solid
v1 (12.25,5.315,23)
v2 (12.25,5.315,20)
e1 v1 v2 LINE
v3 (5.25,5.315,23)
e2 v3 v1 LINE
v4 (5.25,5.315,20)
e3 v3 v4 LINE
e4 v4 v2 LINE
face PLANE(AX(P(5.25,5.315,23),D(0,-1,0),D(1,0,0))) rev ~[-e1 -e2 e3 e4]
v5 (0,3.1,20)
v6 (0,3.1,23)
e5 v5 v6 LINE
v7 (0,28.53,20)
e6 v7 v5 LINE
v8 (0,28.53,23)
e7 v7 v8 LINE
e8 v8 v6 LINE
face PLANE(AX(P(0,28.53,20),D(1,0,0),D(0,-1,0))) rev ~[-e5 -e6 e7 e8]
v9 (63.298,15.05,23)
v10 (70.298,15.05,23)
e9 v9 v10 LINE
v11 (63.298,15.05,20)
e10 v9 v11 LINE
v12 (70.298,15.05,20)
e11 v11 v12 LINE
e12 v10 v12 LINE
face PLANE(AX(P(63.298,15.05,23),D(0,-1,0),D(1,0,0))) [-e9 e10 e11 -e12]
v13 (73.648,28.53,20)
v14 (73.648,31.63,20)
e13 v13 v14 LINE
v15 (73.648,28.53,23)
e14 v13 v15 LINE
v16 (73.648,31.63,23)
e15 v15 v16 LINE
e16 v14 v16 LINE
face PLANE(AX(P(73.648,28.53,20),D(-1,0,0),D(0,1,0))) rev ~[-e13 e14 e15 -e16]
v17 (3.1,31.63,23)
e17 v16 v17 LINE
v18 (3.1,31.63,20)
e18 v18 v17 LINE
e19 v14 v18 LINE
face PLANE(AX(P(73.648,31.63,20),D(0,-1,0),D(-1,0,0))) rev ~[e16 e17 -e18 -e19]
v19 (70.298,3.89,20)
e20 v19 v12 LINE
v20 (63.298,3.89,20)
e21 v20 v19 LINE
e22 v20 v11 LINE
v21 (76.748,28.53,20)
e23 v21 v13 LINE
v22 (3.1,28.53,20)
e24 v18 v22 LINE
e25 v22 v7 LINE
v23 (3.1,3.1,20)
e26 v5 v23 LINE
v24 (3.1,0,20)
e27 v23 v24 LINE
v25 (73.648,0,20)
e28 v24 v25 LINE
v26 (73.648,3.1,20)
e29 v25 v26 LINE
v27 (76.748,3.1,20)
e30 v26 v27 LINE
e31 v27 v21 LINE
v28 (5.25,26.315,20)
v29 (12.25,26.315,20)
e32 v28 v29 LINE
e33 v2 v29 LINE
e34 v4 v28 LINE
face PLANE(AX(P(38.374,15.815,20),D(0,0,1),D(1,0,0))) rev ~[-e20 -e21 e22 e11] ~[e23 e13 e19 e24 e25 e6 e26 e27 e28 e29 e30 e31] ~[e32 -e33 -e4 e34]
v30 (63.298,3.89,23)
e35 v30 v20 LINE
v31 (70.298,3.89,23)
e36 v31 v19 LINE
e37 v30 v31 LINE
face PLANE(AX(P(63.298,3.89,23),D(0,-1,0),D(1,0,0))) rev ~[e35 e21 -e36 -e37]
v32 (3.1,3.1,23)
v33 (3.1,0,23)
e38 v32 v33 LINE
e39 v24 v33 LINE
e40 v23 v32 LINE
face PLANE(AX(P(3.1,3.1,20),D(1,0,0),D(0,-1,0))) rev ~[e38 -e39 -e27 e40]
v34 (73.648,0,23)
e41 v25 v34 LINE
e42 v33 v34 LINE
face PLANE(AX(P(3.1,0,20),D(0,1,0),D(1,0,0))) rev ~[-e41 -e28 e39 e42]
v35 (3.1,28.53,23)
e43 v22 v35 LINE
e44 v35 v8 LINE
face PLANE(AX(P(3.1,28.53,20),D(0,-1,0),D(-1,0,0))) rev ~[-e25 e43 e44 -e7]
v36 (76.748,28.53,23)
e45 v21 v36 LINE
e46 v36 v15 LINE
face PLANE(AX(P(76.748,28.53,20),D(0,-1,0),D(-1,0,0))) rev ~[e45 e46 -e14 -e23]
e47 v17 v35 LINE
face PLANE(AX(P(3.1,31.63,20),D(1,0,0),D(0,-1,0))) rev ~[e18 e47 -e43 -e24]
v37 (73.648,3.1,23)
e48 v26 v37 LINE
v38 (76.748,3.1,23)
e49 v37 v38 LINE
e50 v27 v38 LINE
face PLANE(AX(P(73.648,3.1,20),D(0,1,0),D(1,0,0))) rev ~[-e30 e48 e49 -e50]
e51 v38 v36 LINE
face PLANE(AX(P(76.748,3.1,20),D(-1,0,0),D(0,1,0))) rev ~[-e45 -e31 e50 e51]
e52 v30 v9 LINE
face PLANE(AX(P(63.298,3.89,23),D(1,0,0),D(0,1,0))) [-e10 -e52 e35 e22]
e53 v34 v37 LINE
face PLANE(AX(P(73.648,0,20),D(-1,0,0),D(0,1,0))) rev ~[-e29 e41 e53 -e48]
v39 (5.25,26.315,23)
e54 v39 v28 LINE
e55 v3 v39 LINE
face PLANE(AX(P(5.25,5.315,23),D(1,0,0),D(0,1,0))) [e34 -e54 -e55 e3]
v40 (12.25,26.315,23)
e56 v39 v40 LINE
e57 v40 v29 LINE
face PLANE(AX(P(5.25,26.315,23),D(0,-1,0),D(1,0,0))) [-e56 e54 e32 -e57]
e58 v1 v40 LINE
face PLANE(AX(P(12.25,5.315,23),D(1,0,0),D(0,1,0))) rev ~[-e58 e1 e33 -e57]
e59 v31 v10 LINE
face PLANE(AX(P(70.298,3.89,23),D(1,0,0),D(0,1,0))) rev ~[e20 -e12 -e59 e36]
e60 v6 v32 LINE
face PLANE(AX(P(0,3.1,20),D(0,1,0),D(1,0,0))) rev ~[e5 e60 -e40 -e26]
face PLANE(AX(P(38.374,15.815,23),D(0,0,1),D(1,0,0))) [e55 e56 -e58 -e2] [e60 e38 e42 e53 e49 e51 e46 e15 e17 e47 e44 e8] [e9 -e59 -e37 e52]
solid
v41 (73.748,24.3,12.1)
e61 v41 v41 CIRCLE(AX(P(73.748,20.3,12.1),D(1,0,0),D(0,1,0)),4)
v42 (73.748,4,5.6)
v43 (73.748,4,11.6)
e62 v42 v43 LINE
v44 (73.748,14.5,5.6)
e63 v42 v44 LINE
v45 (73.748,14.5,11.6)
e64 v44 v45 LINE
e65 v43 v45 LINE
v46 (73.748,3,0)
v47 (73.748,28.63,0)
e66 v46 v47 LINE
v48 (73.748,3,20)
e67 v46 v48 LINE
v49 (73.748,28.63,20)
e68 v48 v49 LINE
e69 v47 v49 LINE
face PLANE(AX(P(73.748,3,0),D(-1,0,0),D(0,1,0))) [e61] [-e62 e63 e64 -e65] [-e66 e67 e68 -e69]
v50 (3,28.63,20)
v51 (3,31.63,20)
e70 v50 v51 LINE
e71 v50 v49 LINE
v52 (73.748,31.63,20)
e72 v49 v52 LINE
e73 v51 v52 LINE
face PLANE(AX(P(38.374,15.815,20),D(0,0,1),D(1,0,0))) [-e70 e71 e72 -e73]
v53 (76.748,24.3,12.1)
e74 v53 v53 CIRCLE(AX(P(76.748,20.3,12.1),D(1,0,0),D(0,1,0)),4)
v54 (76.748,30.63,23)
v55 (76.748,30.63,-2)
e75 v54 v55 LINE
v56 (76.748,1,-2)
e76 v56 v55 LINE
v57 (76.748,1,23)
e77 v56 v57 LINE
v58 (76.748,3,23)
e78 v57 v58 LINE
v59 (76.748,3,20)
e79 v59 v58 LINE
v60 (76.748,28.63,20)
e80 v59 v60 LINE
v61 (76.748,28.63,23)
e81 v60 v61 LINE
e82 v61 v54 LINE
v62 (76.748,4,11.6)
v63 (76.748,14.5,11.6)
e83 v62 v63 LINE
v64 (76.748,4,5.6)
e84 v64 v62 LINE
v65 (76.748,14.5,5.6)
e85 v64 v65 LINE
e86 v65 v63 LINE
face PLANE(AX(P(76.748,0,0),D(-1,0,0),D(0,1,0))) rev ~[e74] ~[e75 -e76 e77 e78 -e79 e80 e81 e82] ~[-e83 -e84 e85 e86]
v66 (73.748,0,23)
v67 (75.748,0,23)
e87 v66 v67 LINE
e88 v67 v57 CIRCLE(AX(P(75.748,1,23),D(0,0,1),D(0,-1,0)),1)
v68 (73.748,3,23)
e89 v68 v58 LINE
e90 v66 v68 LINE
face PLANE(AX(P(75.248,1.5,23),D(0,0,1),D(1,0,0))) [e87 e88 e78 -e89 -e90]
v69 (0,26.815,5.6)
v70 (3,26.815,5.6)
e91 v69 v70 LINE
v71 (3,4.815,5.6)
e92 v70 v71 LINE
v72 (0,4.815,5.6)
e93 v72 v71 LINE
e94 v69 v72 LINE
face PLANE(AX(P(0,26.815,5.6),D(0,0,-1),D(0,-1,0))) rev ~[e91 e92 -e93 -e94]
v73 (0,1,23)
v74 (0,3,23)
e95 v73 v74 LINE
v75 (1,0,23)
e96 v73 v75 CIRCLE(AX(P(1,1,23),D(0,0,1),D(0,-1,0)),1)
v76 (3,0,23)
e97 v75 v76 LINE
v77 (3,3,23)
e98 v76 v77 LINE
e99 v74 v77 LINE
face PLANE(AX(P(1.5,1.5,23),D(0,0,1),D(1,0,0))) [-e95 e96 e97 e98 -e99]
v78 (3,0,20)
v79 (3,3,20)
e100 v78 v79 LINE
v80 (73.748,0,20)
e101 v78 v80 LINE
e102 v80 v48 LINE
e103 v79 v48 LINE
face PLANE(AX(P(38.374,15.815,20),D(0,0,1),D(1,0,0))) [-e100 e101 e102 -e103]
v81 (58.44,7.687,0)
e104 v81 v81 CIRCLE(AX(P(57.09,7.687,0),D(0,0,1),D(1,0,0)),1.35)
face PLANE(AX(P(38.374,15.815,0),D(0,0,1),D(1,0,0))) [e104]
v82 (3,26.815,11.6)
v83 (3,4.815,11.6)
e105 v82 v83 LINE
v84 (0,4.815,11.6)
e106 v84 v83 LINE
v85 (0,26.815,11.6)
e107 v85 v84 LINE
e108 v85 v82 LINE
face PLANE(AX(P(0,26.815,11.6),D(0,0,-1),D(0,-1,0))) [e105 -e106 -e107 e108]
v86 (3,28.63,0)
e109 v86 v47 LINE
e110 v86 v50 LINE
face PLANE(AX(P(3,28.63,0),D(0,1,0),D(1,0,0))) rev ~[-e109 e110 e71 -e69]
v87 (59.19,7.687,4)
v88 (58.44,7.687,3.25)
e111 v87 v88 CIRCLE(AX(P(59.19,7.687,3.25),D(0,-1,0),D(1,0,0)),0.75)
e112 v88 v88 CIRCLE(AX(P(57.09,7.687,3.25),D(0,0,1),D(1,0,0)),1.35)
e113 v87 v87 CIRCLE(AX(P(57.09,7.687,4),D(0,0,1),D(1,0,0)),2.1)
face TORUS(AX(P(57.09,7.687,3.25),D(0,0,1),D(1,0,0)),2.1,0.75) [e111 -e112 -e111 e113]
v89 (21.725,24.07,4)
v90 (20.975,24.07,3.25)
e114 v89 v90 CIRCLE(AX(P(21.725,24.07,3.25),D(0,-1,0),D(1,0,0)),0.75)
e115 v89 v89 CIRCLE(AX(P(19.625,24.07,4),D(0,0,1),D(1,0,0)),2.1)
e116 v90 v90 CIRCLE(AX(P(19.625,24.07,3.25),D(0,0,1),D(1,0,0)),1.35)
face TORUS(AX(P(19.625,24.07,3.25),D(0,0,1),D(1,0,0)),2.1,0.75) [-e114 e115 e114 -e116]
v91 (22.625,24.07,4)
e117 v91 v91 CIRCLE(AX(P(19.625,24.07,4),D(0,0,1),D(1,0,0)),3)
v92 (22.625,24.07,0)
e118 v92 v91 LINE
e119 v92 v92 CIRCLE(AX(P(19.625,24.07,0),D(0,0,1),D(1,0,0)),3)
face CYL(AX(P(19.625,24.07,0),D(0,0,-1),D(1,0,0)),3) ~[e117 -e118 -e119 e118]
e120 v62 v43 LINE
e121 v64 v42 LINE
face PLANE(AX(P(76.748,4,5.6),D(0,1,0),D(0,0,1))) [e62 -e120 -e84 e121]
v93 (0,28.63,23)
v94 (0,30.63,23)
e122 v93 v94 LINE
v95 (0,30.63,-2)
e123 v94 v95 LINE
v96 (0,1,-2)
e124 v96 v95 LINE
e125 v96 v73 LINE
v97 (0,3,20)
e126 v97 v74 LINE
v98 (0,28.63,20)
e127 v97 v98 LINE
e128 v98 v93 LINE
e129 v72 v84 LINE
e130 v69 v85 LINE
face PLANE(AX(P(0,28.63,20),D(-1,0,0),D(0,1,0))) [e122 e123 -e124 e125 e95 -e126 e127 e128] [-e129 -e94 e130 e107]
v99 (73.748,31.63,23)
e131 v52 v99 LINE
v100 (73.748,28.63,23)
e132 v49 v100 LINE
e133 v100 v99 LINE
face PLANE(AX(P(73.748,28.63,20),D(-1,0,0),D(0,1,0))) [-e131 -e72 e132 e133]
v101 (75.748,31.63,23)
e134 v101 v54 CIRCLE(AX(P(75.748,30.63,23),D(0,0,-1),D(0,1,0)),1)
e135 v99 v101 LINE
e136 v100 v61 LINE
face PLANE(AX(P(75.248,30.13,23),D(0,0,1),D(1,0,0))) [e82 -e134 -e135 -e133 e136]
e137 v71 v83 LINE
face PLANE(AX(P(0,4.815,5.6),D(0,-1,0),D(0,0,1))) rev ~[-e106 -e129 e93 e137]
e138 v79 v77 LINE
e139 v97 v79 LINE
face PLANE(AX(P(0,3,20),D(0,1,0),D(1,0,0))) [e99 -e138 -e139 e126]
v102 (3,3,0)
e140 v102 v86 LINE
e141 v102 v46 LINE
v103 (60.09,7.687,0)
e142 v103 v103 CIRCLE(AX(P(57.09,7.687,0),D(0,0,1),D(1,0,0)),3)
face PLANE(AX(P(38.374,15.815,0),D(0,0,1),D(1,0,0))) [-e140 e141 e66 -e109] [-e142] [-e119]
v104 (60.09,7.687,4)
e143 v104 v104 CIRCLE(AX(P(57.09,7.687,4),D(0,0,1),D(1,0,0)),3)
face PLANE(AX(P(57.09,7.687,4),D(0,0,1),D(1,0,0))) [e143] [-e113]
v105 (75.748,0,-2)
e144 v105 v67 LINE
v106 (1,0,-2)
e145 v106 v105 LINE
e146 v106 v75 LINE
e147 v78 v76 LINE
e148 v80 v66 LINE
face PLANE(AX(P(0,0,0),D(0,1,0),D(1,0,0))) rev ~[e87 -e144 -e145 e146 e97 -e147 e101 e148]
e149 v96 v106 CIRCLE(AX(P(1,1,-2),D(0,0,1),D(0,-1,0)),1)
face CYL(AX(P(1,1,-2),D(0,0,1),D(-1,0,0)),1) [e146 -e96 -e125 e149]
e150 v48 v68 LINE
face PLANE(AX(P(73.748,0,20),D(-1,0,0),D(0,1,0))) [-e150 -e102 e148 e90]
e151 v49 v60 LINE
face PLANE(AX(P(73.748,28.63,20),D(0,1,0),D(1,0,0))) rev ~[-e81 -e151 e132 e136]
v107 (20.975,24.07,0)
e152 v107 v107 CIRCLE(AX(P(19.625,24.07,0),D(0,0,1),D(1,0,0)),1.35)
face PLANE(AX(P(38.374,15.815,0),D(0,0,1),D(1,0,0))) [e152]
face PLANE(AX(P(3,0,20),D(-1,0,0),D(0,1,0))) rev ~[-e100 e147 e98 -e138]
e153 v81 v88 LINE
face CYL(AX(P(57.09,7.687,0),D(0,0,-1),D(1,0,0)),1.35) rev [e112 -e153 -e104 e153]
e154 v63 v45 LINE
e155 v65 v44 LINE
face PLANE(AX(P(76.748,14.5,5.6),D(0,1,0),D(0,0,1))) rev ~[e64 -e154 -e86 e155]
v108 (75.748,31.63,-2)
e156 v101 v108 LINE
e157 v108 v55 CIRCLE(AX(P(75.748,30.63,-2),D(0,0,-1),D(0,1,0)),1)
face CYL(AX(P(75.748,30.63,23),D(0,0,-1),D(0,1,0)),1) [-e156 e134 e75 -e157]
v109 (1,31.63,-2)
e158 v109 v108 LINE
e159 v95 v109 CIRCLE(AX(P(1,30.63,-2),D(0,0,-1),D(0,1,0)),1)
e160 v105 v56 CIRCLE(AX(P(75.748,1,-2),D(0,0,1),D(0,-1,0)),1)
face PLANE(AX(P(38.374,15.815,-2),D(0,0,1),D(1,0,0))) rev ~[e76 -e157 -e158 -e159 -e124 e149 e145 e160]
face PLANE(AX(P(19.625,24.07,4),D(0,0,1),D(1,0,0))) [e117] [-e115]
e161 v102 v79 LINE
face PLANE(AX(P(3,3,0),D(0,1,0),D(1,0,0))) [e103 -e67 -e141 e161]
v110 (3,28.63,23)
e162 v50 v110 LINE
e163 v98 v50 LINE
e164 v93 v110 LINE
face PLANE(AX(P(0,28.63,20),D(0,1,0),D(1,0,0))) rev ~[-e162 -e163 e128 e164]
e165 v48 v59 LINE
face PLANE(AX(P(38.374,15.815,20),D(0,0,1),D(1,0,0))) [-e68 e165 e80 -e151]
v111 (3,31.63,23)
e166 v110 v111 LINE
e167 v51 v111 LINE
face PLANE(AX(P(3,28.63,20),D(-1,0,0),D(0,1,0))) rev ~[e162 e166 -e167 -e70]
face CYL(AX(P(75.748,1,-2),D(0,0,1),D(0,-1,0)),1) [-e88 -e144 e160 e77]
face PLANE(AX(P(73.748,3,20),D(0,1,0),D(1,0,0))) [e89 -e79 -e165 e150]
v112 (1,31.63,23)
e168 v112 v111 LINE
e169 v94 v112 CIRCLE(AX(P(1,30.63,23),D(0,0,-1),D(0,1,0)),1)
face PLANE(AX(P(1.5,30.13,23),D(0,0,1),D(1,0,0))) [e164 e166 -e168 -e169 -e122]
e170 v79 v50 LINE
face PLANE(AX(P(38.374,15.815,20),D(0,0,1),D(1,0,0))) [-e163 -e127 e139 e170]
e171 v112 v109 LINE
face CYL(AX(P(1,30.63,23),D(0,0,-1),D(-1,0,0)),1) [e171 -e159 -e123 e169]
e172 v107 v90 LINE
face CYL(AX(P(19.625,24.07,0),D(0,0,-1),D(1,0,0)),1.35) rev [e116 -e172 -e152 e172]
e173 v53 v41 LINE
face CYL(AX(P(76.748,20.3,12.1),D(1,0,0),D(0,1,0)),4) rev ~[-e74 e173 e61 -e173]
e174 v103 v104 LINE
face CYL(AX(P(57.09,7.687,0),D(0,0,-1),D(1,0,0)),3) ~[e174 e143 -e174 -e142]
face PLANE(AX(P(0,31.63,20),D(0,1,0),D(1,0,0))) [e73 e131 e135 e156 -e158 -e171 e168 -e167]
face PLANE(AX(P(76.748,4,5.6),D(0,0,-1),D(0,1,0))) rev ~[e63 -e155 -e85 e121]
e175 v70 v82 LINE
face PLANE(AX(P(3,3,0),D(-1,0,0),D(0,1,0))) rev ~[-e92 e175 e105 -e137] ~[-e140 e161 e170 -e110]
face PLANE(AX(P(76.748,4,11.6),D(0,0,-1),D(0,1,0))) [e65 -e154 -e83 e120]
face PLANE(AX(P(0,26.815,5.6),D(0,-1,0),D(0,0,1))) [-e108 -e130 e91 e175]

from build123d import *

# Parameters (mm, degrees)
SKETCH_W        = 76.748
SKETCH_H        = 31.63
PAD_DEPTH       = 2
SKETCH001_R     = 3
SKETCH001_R_2   = 1.35
PAD001_DEPTH    = 4
SKETCH002_W     = 76.748
SKETCH002_H     = 31.63
SKETCH002_W_2   = 70.748
SKETCH002_H_2   = 25.63
PAD002_DEPTH    = 20
SKETCH003_W     = 3
SKETCH003_H     = 3
PAD003_DEPTH    = 3
SKETCH004_W     = 22
SKETCH004_H     = 6
POCKET_DEPTH    = 3
SKETCH005_R     = 4
SKETCH005_W     = 10.5
SKETCH005_H     = 6
POCKET001_DEPTH = 3
FILLET_R        = 1
FILLET001_R     = 0.75
PAD004_DEPTH    = 3
SKETCH007_W     = 7
SKETCH007_H     = 21
SKETCH007_H_2   = 11.16
POCKET002_DEPTH = 3.001


with BuildPart() as body:
    # Sketch → Pad (new body)
    with BuildSketch(Plane.XY):
        with Locations((38.374, 15.815)):
            Rectangle(SKETCH_W, SKETCH_H)
    extrude(amount=-PAD_DEPTH)

    # Sketch001 (on Face5 of Pad) → Pad001 (join)
    with BuildSketch(Plane.XY):
        with Locations((19.625, 24.07)):
            Circle(SKETCH001_R)
        with Locations((19.625, 24.07)):
            Circle(SKETCH001_R_2, mode=Mode.SUBTRACT)
        with Locations((57.09, 7.687)):
            Circle(SKETCH001_R)
        with Locations((57.09, 7.687)):
            Circle(SKETCH001_R_2, mode=Mode.SUBTRACT)
    extrude(amount=PAD001_DEPTH)

    # Sketch002 (on Face4 of Pad001) → Pad002 (join)
    with BuildSketch(Plane.XY):
        with Locations((38.374, 15.815)):
            Rectangle(SKETCH002_W, SKETCH002_H)
        with Locations((38.374, 15.815)):
            Rectangle(SKETCH002_W_2, SKETCH002_H_2, mode=Mode.SUBTRACT)
    extrude(amount=PAD002_DEPTH)

    # Sketch003 (on Face9 of Pad002) → Pad003 (join)
    with BuildSketch(Plane.XY.offset(20)):
        with Locations((1.5, 30.13)):
            Rectangle(SKETCH003_W, SKETCH003_H)
        with Locations((75.248, 30.13)):
            Rectangle(SKETCH003_W, SKETCH003_H)
        with Locations((75.248, 1.5)):
            Rectangle(SKETCH003_W, SKETCH003_H)
        with Locations((1.5, 1.5)):
            Rectangle(SKETCH003_W, SKETCH003_H)
    extrude(amount=PAD003_DEPTH)

    # Sketch004 (on Face7 of Pad003) → Pocket (cut)
    with BuildSketch(Plane(origin=(0, 0, 0), x_dir=(0, -1, 0), z_dir=(-1, 0, 0))):
        with Locations((-15.815, 8.6)):
            Rectangle(SKETCH004_W, SKETCH004_H)
    extrude(amount=-POCKET_DEPTH, mode=Mode.SUBTRACT)

    # Sketch005 (on Face8 of Pocket) → Pocket001 (cut)
    with BuildSketch(Plane.YZ.offset(76.748)):
        with Locations((20.3, 12.1)):
            Circle(SKETCH005_R)
        with Locations((9.25, 8.6)):
            Rectangle(SKETCH005_W, SKETCH005_H)
    extrude(amount=-POCKET001_DEPTH, mode=Mode.SUBTRACT)

    # Fillet
    fillet_edges = [body.edges().sort_by_distance(p)[0] for p in [
        (76.748, 31.63, 10),
        (76.748, 0, 10),
        (0, 0, 10),
        (0, 31.63, 10),
    ]]
    fillet(fillet_edges, radius=FILLET_R)

    # Fillet001
    fillet001_edges = [body.edges().sort_by_distance(p)[0] for p in [
        (55.74, 7.687, 4),
        (18.275, 24.07, 4),
    ]]
    fillet(fillet001_edges, radius=FILLET001_R)


with BuildPart() as topcover:
    # Sketch006 → Pad004 (new body)
    with BuildSketch(Plane.XY):
        Polygon((3.1, 31.63), (3.1, 28.53), (0, 28.53), (0, 3.1), (3.1, 3.1), (3.1, 0), (73.648, 0), (73.648, 3.1), (76.748, 3.1), (76.748, 28.53), (73.648, 28.53), (73.648, 31.63), align=None)
    extrude(amount=PAD004_DEPTH)

    # Sketch007 (on Face14 of Pad004) → Pocket002 (cut, through all)
    with BuildSketch(Plane.XY.offset(3)):
        with Locations((8.75, 15.815)):
            Rectangle(SKETCH007_W, SKETCH007_H)
        with Locations((66.798, 9.47)):
            Rectangle(SKETCH007_W, SKETCH007_H_2)
    extrude(amount=-POCKET002_DEPTH, mode=Mode.SUBTRACT)


with BuildPart() as topcover_1:
    # Body001 placement: moved
    add(topcover.part.moved(Location((0, 0, 20))))


solid = Compound([body.part, topcover_1.part])
